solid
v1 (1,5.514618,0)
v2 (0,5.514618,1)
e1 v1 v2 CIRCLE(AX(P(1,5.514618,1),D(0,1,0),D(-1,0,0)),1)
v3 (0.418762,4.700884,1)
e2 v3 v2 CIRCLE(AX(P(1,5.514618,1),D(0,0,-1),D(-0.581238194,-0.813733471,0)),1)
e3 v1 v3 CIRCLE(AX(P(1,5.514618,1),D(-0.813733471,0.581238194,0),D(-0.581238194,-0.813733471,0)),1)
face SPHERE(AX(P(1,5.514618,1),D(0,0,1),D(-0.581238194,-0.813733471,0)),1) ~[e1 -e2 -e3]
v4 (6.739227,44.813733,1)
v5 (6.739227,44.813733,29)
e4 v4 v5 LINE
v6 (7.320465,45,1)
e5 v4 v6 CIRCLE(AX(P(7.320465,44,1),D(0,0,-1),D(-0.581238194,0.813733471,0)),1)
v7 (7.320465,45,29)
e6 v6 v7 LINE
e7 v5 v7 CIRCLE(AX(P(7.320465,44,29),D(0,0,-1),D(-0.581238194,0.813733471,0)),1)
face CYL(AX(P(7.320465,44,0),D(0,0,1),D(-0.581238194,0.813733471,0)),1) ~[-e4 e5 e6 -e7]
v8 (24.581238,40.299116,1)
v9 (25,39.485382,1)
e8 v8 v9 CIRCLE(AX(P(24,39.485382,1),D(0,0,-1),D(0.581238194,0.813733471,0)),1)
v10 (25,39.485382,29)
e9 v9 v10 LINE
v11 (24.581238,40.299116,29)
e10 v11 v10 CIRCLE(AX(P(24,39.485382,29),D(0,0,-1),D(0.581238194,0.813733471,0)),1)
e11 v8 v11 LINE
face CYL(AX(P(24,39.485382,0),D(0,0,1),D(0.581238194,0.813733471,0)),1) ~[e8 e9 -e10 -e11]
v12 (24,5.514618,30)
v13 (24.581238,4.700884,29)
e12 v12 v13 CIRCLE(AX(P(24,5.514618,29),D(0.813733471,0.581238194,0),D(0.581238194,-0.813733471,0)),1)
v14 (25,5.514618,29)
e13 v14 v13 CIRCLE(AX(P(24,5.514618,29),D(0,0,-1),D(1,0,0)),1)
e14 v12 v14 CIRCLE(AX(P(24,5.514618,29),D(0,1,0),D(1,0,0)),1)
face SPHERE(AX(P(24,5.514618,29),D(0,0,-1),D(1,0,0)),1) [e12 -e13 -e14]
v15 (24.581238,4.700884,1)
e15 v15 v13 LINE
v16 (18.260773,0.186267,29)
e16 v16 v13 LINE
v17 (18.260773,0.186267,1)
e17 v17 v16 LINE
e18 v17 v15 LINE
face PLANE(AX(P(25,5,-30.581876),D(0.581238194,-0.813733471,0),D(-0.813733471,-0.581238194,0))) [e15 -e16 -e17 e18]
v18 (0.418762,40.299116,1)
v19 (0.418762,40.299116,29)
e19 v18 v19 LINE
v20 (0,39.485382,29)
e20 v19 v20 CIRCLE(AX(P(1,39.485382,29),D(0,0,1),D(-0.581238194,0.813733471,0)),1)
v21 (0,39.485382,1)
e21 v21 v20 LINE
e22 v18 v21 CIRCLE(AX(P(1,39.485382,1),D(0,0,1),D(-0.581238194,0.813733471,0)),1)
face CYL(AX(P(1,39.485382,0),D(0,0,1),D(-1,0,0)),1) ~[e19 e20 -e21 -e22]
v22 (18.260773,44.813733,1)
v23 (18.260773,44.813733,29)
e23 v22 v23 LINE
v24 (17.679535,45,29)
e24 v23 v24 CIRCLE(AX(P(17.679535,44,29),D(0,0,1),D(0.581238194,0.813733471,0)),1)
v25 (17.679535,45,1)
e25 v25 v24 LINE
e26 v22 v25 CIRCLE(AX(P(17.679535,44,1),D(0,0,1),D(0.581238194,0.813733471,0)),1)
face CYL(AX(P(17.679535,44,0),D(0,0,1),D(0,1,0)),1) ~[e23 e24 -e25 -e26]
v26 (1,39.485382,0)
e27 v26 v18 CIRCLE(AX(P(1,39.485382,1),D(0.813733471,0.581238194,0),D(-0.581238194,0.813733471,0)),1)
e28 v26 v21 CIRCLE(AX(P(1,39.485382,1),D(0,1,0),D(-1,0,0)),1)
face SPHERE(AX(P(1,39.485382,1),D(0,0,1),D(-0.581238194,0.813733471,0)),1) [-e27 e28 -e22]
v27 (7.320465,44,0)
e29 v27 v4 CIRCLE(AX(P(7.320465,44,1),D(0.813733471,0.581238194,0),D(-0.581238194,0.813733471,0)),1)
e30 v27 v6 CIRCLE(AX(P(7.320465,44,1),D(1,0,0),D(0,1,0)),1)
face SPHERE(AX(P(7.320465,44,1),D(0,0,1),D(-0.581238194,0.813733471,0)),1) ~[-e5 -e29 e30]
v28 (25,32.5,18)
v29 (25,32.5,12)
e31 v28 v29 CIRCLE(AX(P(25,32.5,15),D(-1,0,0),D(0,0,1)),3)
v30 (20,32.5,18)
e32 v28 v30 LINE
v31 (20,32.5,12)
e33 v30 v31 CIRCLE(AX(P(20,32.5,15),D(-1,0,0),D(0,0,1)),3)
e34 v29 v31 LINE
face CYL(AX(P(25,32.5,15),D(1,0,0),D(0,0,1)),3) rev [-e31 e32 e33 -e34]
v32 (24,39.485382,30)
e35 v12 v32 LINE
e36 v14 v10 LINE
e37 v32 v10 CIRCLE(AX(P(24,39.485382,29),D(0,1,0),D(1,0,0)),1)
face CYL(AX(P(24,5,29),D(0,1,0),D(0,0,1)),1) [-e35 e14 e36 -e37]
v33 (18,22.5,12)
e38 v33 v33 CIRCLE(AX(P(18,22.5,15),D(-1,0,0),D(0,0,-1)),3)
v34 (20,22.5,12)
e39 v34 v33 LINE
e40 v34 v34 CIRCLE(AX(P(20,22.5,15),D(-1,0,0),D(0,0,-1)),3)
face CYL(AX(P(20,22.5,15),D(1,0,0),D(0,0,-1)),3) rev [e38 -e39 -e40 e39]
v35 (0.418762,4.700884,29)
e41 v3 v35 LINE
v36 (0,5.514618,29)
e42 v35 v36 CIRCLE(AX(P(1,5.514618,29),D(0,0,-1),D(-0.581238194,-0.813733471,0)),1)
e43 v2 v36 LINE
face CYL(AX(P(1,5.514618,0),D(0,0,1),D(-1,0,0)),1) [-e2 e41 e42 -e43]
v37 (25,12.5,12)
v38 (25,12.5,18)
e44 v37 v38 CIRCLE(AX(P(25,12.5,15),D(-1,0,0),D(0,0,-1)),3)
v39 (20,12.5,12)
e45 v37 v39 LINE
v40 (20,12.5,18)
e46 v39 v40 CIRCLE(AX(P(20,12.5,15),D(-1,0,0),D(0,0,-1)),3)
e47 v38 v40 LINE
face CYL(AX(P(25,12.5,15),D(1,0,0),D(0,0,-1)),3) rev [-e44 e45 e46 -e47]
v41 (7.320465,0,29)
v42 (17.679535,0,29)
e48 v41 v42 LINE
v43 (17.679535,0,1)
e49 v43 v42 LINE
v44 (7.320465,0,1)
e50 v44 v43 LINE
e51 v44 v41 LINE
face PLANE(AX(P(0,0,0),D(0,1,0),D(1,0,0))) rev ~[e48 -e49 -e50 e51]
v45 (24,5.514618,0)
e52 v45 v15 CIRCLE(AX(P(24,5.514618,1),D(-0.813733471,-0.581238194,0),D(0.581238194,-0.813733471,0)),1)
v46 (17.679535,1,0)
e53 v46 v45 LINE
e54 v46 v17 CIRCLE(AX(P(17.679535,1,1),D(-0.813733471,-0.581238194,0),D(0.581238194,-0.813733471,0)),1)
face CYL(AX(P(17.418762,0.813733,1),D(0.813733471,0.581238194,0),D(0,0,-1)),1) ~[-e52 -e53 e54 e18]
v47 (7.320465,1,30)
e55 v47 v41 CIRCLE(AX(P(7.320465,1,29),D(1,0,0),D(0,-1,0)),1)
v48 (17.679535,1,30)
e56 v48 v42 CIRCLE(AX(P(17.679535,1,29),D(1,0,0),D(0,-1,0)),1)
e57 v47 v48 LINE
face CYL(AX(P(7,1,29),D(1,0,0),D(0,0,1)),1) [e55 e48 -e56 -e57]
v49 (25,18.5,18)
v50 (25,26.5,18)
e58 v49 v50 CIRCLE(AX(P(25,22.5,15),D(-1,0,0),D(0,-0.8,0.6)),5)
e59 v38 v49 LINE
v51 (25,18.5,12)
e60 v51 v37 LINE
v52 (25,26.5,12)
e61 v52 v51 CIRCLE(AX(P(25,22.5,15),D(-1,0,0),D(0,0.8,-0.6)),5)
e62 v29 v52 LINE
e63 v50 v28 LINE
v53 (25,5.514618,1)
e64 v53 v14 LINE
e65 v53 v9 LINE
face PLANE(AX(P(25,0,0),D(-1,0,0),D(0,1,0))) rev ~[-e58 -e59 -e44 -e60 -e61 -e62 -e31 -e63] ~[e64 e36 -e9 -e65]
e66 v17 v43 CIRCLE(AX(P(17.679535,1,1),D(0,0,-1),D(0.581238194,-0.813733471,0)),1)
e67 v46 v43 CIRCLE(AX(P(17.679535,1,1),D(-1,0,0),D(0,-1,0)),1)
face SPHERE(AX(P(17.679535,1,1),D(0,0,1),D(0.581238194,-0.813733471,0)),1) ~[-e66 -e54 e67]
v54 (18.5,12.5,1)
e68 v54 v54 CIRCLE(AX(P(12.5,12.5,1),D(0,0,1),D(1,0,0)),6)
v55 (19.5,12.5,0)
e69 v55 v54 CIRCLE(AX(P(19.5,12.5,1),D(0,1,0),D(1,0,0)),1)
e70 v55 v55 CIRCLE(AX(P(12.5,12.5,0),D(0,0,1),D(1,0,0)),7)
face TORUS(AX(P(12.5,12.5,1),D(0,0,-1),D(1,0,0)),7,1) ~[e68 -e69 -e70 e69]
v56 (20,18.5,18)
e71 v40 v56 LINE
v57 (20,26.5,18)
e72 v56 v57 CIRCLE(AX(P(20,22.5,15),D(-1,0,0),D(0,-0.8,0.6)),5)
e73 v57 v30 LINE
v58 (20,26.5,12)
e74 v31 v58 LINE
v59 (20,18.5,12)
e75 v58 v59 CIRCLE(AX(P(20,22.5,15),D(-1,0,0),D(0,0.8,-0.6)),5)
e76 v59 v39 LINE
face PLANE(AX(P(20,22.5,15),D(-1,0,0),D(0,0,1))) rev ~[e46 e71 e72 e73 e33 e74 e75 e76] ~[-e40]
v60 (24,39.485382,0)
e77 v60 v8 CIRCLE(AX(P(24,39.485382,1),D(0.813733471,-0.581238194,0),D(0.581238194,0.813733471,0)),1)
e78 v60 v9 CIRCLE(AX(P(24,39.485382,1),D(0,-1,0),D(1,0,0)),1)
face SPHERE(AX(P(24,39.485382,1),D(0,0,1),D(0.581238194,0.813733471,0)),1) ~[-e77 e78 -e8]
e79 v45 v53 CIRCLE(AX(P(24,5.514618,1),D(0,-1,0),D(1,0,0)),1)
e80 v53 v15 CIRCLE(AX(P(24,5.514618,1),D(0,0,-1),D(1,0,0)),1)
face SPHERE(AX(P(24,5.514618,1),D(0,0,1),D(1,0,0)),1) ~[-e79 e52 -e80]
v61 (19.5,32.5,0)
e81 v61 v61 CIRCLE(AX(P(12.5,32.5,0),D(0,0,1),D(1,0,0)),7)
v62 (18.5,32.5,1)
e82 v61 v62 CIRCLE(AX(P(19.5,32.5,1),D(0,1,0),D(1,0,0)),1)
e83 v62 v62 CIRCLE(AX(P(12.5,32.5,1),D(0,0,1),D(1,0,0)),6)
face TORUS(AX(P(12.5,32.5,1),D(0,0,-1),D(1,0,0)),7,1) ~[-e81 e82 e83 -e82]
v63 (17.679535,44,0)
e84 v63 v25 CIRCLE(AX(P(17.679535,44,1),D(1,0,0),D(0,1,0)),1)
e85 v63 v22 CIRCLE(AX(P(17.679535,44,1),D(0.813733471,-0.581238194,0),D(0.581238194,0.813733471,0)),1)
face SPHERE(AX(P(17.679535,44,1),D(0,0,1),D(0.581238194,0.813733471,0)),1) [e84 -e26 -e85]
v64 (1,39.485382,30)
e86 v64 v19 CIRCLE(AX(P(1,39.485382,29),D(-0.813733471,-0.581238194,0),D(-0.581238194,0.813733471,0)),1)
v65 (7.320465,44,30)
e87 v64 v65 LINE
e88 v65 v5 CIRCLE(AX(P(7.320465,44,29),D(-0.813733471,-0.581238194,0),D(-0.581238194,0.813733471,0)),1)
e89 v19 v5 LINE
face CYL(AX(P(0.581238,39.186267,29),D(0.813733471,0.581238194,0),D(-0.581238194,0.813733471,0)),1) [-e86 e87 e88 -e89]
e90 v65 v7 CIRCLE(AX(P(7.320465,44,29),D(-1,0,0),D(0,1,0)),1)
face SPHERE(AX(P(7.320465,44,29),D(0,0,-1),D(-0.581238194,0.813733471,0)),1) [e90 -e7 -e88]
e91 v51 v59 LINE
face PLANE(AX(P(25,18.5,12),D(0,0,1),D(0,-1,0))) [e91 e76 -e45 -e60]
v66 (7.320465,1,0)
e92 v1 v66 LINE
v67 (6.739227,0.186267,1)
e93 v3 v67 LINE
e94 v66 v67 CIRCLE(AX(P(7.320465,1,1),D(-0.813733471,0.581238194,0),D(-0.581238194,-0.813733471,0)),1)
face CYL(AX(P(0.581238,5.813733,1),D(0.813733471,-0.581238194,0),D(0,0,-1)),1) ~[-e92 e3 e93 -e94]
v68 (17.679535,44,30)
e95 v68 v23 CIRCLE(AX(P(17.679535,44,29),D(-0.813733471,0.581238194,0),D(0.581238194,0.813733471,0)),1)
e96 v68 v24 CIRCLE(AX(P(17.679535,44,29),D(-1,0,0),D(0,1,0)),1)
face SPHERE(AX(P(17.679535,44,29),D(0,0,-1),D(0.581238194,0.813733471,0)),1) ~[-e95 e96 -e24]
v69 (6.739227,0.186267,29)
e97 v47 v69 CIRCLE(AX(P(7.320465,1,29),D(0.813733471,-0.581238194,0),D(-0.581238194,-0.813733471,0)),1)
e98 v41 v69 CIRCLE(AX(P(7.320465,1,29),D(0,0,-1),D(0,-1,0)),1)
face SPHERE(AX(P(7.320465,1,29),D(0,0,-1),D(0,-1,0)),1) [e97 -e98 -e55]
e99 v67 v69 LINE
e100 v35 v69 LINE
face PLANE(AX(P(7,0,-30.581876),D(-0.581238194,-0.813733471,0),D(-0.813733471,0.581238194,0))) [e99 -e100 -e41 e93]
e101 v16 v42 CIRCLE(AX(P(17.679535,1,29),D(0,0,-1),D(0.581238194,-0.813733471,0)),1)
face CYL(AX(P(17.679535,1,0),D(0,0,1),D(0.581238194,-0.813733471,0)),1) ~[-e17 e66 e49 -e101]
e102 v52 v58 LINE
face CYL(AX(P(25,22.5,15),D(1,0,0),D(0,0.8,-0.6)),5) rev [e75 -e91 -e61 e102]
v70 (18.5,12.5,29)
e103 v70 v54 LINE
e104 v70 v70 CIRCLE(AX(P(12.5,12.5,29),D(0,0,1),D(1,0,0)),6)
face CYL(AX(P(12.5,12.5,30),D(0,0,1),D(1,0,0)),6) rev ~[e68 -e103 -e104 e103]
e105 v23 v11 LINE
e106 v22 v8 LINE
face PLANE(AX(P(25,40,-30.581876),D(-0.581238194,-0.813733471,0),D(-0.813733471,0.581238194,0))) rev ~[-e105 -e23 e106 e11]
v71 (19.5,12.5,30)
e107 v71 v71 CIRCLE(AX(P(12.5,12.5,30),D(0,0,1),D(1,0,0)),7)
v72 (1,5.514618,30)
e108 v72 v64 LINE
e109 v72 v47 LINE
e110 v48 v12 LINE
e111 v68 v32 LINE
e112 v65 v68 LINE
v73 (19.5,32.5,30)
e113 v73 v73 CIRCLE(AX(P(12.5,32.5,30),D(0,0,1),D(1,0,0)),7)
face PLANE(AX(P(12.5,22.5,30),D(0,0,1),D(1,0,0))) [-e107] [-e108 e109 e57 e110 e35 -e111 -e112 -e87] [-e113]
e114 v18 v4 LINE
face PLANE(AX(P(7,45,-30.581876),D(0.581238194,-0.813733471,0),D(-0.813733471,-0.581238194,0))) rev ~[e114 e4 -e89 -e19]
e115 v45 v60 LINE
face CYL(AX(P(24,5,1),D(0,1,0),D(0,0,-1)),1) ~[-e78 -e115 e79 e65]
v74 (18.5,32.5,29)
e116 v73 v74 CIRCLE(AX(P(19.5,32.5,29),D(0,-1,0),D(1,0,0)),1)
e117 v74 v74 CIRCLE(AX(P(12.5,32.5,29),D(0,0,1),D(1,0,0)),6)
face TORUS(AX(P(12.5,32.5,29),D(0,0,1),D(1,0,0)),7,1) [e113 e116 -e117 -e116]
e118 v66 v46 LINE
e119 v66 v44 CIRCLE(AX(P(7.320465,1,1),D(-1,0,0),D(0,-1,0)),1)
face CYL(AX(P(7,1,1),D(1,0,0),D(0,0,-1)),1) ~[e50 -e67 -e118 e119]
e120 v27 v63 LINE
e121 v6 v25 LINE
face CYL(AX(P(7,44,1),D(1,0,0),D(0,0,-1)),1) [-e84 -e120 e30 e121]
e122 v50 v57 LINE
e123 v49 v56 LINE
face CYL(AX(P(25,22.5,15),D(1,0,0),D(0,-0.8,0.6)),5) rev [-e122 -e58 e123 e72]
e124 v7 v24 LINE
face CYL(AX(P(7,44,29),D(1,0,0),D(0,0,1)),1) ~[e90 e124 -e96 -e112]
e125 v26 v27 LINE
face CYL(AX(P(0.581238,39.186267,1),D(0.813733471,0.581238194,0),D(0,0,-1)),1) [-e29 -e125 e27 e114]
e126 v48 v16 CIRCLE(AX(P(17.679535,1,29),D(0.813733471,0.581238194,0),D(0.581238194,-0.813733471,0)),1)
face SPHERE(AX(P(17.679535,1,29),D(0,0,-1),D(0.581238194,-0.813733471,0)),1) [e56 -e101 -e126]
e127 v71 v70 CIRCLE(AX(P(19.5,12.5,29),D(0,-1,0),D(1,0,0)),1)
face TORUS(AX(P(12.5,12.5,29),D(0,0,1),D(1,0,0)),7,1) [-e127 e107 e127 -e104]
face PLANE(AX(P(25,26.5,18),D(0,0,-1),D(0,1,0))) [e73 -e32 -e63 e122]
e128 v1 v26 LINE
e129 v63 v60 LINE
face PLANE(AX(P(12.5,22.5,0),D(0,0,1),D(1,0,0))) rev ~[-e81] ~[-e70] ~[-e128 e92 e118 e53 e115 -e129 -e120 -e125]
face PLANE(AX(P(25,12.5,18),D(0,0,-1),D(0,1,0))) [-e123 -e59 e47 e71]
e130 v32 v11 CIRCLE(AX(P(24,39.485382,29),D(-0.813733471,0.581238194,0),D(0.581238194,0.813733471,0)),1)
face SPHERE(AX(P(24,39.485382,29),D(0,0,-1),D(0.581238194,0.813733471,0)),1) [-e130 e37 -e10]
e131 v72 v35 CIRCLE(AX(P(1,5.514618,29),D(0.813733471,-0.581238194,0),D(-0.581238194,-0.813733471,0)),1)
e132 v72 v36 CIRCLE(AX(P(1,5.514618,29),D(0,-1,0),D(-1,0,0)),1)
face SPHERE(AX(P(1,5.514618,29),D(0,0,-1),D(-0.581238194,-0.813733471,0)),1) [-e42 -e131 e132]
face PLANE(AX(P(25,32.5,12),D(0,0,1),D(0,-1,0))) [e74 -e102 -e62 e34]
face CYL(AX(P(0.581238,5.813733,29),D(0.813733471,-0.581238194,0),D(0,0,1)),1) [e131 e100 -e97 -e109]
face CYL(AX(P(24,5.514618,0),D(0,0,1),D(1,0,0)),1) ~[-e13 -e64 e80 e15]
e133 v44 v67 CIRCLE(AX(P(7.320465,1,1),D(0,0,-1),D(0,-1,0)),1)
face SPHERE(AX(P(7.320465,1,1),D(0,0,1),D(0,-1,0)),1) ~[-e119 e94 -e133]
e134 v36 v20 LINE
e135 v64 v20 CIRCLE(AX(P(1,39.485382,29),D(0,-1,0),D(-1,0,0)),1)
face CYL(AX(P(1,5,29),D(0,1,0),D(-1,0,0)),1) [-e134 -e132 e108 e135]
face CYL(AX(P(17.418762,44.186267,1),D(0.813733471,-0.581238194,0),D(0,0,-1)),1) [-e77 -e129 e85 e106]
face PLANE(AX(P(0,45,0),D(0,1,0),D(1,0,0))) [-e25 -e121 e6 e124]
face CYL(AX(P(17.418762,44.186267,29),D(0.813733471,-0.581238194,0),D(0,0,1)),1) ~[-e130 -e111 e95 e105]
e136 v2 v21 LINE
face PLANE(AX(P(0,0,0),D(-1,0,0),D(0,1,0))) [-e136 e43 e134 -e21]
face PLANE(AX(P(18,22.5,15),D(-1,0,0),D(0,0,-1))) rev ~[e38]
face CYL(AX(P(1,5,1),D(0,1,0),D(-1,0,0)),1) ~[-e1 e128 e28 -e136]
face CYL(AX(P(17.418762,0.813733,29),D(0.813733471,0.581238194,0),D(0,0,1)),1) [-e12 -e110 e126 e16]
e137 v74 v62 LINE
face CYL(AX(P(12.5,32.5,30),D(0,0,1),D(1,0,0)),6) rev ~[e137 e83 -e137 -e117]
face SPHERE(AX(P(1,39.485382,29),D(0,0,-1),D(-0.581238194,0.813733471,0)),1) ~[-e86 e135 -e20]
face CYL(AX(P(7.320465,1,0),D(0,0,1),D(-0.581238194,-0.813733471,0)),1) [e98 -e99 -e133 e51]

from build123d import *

# Parameters (mm, degrees)
SKETCH1_W                = 25
SKETCH1_H                = 45
BOSS_EXTRUDE1_DEPTH      = 30
CUT_EXTRUDE1_REACH       = 61.582
SKETCH2_R                = 6
CUT_EXTRUDE10_DEPTH      = 5
CUT_EXTRUDE11_DEPTH      = 60.581876439
CUT_EXTRUDE11_DEPTH_BACK = 60.581876439
CUT_EXTRUDE23_START      = -20
SKETCH9_R                = 3
CUT_EXTRUDE23_DEPTH      = 2
FILLET1_R                = 1


with BuildPart() as part:
    # Sketch1 → Boss-Extrude1 (new body)
    with BuildSketch(Plane.XY):
        with Locations((12.5, 22.5)):
            Rectangle(SKETCH1_W, SKETCH1_H)
    extrude(amount=BOSS_EXTRUDE1_DEPTH)

    # Sketch2 → Cut-Extrude1 (cut, up to next)
    with BuildSketch(Plane.XY.offset(30), mode=Mode.PRIVATE) as cut_extrude1_sk1:
        with Locations((12.5, 12.5)):
            Circle(SKETCH2_R)
    cut_extrude1_tool1 = extrude(cut_extrude1_sk1.sketch, amount=-CUT_EXTRUDE1_REACH, mode=Mode.PRIVATE) & part.part
    # Sketch2 → Cut-Extrude1 (cut, up to next)
    with BuildSketch(Plane.XY.offset(30), mode=Mode.PRIVATE) as cut_extrude1_sk2:
        with Locations((12.5, 32.5)):
            Circle(SKETCH2_R)
    cut_extrude1_tool2 = extrude(cut_extrude1_sk2.sketch, amount=-CUT_EXTRUDE1_REACH, mode=Mode.PRIVATE) & part.part
    add(cut_extrude1_tool1.solids().sort_by_distance((12.5, 12.5, 30))[0], mode=Mode.SUBTRACT)
    add(cut_extrude1_tool2.solids().sort_by_distance((12.5, 32.5, 30))[0], mode=Mode.SUBTRACT)

    # Sketch3 → Cut-Extrude10 (cut)
    with BuildSketch(Plane(origin=(25, 0, 0), x_dir=(0, 0, -1), z_dir=(1, 0, 0))):
        with BuildLine():
            Line((-12, 32.5), (-12, 26.5))
            ThreePointArc((-12, 26.5), (-10, 22.5), (-12, 18.5))
            Line((-12, 18.5), (-12, 12.5))
            ThreePointArc((-12, 12.5), (-15, 9.5), (-18, 12.5))
            Line((-18, 12.5), (-18, 18.5))
            ThreePointArc((-18, 18.5), (-20, 22.5), (-18, 26.5))
            Line((-18, 26.5), (-18, 32.5))
            ThreePointArc((-18, 32.5), (-15, 35.5), (-12, 32.5))
        make_face()
    extrude(amount=-CUT_EXTRUDE10_DEPTH, mode=Mode.SUBTRACT)

    # Sketch8 → Cut-Extrude11 (cut, two sides: drawn at the far end of the back side and taken through both)
    with BuildSketch(Plane.XY.offset(30).offset(-CUT_EXTRUDE11_DEPTH_BACK)):
        Polygon((7, 45), (0, 40), (0, 45), align=None)
        Polygon((0, 0), (7, 0), (0, 5), align=None)
        Polygon((25, 45), (25, 40), (18, 45), align=None)
        Polygon((25, 5), (18, 0), (25, 0), align=None)
    extrude(amount=CUT_EXTRUDE11_DEPTH + CUT_EXTRUDE11_DEPTH_BACK, mode=Mode.SUBTRACT)

    # Sketch9 → Cut-Extrude23 (cut)
    with BuildSketch(Plane.ZY.offset(CUT_EXTRUDE23_START)):
        with Locations(Location((15, 22.5, 0), (0, 0, 180))):
            Circle(SKETCH9_R)
    extrude(amount=CUT_EXTRUDE23_DEPTH, mode=Mode.SUBTRACT)

    # Fillet1
    fillet1_edges = [part.edges().sort_by_distance(p)[0] for p in [
        (6.5, 12.5, 0),
        (6.5, 12.5, 30),
        (6.5, 32.5, 0),
        (6.5, 32.5, 30),
        (0, 22.5, 0),
        (12.5, 45, 0),
        (25, 22.5, 0),
        (12.5, 0, 0),
        (0, 22.5, 30),
        (12.5, 0, 30),
        (25, 22.5, 30),
        (12.5, 45, 30),
        (18, 45, 15),
        (25, 40, 15),
        (21.5, 42.5, 30),
        (21.5, 42.5, 0),
        (0, 5, 15),
        (3.5, 2.5, 30),
        (3.5, 2.5, 0),
        (7, 0, 15),
        (18, 0, 15),
        (21.5, 2.5, 30),
        (21.5, 2.5, 0),
        (25, 5, 15),
        (0, 40, 15),
        (7, 45, 15),
        (3.5, 42.5, 30),
        (3.5, 42.5, 0),
    ]]
    fillet(fillet1_edges, radius=FILLET1_R)


solid = part.part
